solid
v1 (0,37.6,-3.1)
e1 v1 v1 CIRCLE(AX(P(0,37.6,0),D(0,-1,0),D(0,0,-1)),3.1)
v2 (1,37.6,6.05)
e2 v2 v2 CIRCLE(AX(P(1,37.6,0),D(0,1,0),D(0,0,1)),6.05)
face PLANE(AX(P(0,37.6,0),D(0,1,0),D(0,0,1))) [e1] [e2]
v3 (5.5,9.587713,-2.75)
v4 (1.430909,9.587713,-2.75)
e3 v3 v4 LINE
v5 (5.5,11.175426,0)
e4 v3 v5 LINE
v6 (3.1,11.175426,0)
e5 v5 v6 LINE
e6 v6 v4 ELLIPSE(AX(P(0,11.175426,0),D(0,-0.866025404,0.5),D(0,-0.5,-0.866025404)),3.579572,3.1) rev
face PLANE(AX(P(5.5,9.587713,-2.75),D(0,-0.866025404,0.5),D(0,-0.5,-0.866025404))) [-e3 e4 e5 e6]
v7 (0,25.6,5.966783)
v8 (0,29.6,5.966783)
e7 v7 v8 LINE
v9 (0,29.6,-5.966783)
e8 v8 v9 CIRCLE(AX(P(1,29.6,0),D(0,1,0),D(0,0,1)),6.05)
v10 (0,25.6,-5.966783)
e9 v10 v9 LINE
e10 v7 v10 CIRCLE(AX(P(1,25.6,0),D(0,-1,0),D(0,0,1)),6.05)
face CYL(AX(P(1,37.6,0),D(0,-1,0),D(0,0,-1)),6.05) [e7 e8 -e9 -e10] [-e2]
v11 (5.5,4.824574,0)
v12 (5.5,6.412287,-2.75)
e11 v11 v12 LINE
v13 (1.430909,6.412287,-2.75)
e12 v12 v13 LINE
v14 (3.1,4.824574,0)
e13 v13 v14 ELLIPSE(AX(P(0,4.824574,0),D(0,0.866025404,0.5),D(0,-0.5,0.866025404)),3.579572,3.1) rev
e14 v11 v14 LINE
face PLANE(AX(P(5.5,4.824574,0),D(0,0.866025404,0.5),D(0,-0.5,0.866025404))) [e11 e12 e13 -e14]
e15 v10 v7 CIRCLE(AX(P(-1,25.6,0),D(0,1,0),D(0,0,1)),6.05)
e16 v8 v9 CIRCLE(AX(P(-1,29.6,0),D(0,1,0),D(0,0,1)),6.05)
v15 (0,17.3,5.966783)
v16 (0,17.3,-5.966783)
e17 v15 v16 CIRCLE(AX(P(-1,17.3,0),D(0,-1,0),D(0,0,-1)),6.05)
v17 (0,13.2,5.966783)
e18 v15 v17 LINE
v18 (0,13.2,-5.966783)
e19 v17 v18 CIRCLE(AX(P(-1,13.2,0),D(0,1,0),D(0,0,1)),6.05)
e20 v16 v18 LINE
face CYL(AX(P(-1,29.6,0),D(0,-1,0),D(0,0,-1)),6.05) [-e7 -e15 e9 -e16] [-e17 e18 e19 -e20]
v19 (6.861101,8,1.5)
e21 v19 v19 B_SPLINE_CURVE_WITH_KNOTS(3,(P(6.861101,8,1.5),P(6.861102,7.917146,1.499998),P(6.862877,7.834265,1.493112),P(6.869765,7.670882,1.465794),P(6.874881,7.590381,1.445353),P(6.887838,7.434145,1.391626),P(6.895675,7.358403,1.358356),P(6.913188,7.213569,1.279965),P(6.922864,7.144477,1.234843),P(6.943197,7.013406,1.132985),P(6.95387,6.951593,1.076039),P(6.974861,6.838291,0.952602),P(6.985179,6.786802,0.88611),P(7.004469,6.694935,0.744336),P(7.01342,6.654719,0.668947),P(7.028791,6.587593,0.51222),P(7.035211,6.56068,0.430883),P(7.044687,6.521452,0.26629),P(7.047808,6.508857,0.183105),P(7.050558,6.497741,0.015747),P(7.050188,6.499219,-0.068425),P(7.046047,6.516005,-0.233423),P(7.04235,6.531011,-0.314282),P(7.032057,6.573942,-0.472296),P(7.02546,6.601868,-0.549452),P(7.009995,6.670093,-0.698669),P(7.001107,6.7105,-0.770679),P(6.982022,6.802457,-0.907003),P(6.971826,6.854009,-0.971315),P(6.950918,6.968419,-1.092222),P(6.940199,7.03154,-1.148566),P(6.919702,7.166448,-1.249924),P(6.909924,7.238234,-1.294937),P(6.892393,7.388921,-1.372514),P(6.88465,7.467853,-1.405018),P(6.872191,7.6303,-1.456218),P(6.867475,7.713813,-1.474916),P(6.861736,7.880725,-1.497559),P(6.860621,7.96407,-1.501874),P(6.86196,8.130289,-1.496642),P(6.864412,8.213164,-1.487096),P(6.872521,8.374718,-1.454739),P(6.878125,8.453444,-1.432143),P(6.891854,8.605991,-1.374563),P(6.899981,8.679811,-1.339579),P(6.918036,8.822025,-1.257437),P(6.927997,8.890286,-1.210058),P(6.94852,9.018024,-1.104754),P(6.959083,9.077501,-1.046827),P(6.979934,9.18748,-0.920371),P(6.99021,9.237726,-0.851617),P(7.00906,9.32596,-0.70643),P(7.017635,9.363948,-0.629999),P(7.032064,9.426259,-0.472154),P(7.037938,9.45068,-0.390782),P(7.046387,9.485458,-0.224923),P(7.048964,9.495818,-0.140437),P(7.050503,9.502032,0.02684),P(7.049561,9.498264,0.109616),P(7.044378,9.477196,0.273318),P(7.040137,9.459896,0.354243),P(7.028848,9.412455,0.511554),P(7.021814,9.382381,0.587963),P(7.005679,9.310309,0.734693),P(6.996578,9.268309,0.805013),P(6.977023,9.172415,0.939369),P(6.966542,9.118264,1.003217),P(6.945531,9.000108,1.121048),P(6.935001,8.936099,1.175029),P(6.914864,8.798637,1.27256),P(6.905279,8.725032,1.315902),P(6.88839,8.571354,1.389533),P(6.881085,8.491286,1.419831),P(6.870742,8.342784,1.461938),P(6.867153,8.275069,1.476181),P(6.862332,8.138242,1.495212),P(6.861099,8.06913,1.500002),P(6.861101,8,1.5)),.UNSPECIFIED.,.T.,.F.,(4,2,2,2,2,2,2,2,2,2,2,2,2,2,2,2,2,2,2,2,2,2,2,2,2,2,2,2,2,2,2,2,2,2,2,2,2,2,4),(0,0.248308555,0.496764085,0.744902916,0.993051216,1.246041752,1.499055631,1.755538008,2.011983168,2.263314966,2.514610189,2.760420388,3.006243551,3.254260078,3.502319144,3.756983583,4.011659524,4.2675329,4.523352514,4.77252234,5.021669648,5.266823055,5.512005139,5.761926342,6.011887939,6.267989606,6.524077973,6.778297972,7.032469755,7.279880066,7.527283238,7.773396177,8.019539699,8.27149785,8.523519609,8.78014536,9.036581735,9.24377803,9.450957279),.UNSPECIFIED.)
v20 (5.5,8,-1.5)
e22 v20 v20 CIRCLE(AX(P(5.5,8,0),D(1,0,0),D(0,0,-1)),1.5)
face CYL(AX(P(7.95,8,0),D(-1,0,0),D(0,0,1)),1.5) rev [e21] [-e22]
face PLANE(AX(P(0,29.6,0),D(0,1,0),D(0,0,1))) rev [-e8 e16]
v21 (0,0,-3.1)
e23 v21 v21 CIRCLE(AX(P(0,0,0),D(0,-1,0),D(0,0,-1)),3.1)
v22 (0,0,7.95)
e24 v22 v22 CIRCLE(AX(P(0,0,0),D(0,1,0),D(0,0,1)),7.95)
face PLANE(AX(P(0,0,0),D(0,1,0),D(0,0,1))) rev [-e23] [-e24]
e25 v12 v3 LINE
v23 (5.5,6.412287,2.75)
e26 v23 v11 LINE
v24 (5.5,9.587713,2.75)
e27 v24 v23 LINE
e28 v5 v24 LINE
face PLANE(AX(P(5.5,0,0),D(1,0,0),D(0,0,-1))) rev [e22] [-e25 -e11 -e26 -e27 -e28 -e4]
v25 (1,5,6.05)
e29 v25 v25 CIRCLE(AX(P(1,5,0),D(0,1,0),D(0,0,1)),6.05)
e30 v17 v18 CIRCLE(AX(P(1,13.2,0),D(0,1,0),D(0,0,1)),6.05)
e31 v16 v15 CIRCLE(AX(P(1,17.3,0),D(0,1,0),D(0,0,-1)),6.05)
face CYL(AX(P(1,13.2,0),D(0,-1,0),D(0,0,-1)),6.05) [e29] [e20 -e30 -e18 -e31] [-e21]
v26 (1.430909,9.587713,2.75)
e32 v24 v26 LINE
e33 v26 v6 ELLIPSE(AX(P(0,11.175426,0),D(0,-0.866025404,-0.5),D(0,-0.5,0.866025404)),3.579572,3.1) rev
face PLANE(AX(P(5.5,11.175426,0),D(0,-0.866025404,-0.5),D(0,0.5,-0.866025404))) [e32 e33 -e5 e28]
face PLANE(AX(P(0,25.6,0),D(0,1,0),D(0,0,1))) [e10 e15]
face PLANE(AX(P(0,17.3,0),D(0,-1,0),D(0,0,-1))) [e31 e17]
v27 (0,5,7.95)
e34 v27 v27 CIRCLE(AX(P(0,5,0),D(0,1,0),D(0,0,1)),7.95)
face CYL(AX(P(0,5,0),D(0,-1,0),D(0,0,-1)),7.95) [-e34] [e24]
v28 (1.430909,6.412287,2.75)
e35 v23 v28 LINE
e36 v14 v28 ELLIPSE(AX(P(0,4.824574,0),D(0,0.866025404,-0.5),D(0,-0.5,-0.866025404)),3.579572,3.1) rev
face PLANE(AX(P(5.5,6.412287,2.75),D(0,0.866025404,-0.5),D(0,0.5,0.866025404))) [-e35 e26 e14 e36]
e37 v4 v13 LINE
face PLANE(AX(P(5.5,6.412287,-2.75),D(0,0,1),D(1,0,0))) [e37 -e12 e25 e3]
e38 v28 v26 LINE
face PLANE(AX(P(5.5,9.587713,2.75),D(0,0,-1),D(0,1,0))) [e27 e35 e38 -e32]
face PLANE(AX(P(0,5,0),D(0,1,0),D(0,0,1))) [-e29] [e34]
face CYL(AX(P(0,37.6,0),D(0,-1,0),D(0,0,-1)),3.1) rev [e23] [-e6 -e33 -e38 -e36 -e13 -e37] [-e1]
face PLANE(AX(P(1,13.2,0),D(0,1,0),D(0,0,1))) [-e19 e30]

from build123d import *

# Parameters (mm, degrees)
SKETCH1_R           = 7.95
BOSS_EXTRUDE1_DEPTH = 5
SKETCH2_R           = 6.05
BOSS_EXTRUDE2_DEPTH = 8.2
SKETCH3_R           = 6.05
BOSS_EXTRUDE3_DEPTH = 16.4
CUT_EXTRUDE1_DEPTH  = 4.1
SKETCH5_R           = 6.05
BOSS_EXTRUDE4_DEPTH = 8
CUT_EXTRUDE2_START  = -4
CUT_EXTRUDE2_DEPTH  = 4
SKETCH7_R           = 3.1
CUT_EXTRUDE3_DEPTH  = 40.244935979
SKETCH8_R           = 1.5
CUT_EXTRUDE4_DEPTH  = 40.244935979
SKETCH9_R           = 1.5
CUT_EXTRUDE5_DEPTH  = 5.5


with BuildPart() as part:
    # Sketch1 → Boss-Extrude1 (new body)
    with BuildSketch(Plane(origin=(0, 0, 0), x_dir=(1, 0, 0), z_dir=(0, 1, 0))):
        with Locations(Location((0, 0, 0), (0, 0, 270))):
            Circle(SKETCH1_R)
    extrude(amount=BOSS_EXTRUDE1_DEPTH)

    # Sketch2 → Boss-Extrude2 (add)
    with BuildSketch(Plane(origin=(0, 5, 0), x_dir=(1, 0, 0), z_dir=(0, 1, 0))):
        with Locations(Location((1, 0, 0), (0, 0, 270))):
            Circle(SKETCH2_R)
    extrude(amount=BOSS_EXTRUDE2_DEPTH)

    # Sketch3 → Boss-Extrude3 (add)
    with BuildSketch(Plane(origin=(0, 13.2, 0), x_dir=(1, 0, 0), z_dir=(0, 1, 0))):
        with Locations(Location((-1, 0, 0), (0, 0, 80.485961644))):
            Circle(SKETCH3_R)
    extrude(amount=BOSS_EXTRUDE3_DEPTH)

    # Sketch4 → Cut-Extrude1 (cut)
    with BuildSketch(Plane.XZ.offset(-13.2)):
        with BuildLine():
            ThreePointArc((0, 5.966783053), (-7.05, 0), (0, -5.966783053))
            ThreePointArc((0, -5.966783053), (-5.05, 0), (0, 5.966783053))
        make_face()
    extrude(amount=-CUT_EXTRUDE1_DEPTH, mode=Mode.SUBTRACT)

    # Sketch5 → Boss-Extrude4 (add)
    with BuildSketch(Plane(origin=(0, 29.6, 0), x_dir=(1, 0, 0), z_dir=(0, 1, 0))):
        with Locations(Location((1, 0, 0), (0, 0, 99.514038356))):
            Circle(SKETCH5_R)
    extrude(amount=BOSS_EXTRUDE4_DEPTH)

    # Sketch6 → Cut-Extrude2 (cut)
    with BuildSketch(Plane(origin=(0, 29.6, 0), x_dir=(1, 0, 0), z_dir=(0, 1, 0)).offset(CUT_EXTRUDE2_START)):
        with BuildLine():
            ThreePointArc((0, 5.966783053), (-5.05, 0), (0, -5.966783053))
            ThreePointArc((0, -5.966783053), (-7.05, 0), (0, 5.966783053))
        make_face()
    extrude(amount=CUT_EXTRUDE2_DEPTH, mode=Mode.SUBTRACT)

    # Sketch7 → Cut-Extrude3 (cut, through all)
    with BuildSketch(Plane.XZ):
        with Locations(Location((0, 0, 0), (0, 0, 270))):
            Circle(SKETCH7_R)
    extrude(amount=-CUT_EXTRUDE3_DEPTH, mode=Mode.SUBTRACT)

    # Sketch8 → Cut-Extrude4 (cut, through all)
    with BuildSketch(Plane(origin=(0, 0, 0), x_dir=(0, 0, -1), z_dir=(1, 0, 0))):
        with Locations(Location((0, 8, 0), (0, 0, 180))):
            Circle(SKETCH8_R)
    extrude(amount=CUT_EXTRUDE4_DEPTH, mode=Mode.SUBTRACT)

    # Sketch9 → Cut-Extrude5 (cut)
    with BuildSketch(Plane(origin=(0, 0, 0), x_dir=(0, 0, -1), z_dir=(1, 0, 0))):
        Polygon((0, 11.175426481), (-2.75, 9.58771324), (-2.75, 6.41228676), (0, 4.824573519), (2.75, 6.41228676), (2.75, 9.58771324), align=None)
        with Locations(Location((0, 8, 0), (0, 0, 180))):
            Circle(SKETCH9_R, mode=Mode.SUBTRACT)
    extrude(amount=CUT_EXTRUDE5_DEPTH, mode=Mode.SUBTRACT)


solid = part.part
